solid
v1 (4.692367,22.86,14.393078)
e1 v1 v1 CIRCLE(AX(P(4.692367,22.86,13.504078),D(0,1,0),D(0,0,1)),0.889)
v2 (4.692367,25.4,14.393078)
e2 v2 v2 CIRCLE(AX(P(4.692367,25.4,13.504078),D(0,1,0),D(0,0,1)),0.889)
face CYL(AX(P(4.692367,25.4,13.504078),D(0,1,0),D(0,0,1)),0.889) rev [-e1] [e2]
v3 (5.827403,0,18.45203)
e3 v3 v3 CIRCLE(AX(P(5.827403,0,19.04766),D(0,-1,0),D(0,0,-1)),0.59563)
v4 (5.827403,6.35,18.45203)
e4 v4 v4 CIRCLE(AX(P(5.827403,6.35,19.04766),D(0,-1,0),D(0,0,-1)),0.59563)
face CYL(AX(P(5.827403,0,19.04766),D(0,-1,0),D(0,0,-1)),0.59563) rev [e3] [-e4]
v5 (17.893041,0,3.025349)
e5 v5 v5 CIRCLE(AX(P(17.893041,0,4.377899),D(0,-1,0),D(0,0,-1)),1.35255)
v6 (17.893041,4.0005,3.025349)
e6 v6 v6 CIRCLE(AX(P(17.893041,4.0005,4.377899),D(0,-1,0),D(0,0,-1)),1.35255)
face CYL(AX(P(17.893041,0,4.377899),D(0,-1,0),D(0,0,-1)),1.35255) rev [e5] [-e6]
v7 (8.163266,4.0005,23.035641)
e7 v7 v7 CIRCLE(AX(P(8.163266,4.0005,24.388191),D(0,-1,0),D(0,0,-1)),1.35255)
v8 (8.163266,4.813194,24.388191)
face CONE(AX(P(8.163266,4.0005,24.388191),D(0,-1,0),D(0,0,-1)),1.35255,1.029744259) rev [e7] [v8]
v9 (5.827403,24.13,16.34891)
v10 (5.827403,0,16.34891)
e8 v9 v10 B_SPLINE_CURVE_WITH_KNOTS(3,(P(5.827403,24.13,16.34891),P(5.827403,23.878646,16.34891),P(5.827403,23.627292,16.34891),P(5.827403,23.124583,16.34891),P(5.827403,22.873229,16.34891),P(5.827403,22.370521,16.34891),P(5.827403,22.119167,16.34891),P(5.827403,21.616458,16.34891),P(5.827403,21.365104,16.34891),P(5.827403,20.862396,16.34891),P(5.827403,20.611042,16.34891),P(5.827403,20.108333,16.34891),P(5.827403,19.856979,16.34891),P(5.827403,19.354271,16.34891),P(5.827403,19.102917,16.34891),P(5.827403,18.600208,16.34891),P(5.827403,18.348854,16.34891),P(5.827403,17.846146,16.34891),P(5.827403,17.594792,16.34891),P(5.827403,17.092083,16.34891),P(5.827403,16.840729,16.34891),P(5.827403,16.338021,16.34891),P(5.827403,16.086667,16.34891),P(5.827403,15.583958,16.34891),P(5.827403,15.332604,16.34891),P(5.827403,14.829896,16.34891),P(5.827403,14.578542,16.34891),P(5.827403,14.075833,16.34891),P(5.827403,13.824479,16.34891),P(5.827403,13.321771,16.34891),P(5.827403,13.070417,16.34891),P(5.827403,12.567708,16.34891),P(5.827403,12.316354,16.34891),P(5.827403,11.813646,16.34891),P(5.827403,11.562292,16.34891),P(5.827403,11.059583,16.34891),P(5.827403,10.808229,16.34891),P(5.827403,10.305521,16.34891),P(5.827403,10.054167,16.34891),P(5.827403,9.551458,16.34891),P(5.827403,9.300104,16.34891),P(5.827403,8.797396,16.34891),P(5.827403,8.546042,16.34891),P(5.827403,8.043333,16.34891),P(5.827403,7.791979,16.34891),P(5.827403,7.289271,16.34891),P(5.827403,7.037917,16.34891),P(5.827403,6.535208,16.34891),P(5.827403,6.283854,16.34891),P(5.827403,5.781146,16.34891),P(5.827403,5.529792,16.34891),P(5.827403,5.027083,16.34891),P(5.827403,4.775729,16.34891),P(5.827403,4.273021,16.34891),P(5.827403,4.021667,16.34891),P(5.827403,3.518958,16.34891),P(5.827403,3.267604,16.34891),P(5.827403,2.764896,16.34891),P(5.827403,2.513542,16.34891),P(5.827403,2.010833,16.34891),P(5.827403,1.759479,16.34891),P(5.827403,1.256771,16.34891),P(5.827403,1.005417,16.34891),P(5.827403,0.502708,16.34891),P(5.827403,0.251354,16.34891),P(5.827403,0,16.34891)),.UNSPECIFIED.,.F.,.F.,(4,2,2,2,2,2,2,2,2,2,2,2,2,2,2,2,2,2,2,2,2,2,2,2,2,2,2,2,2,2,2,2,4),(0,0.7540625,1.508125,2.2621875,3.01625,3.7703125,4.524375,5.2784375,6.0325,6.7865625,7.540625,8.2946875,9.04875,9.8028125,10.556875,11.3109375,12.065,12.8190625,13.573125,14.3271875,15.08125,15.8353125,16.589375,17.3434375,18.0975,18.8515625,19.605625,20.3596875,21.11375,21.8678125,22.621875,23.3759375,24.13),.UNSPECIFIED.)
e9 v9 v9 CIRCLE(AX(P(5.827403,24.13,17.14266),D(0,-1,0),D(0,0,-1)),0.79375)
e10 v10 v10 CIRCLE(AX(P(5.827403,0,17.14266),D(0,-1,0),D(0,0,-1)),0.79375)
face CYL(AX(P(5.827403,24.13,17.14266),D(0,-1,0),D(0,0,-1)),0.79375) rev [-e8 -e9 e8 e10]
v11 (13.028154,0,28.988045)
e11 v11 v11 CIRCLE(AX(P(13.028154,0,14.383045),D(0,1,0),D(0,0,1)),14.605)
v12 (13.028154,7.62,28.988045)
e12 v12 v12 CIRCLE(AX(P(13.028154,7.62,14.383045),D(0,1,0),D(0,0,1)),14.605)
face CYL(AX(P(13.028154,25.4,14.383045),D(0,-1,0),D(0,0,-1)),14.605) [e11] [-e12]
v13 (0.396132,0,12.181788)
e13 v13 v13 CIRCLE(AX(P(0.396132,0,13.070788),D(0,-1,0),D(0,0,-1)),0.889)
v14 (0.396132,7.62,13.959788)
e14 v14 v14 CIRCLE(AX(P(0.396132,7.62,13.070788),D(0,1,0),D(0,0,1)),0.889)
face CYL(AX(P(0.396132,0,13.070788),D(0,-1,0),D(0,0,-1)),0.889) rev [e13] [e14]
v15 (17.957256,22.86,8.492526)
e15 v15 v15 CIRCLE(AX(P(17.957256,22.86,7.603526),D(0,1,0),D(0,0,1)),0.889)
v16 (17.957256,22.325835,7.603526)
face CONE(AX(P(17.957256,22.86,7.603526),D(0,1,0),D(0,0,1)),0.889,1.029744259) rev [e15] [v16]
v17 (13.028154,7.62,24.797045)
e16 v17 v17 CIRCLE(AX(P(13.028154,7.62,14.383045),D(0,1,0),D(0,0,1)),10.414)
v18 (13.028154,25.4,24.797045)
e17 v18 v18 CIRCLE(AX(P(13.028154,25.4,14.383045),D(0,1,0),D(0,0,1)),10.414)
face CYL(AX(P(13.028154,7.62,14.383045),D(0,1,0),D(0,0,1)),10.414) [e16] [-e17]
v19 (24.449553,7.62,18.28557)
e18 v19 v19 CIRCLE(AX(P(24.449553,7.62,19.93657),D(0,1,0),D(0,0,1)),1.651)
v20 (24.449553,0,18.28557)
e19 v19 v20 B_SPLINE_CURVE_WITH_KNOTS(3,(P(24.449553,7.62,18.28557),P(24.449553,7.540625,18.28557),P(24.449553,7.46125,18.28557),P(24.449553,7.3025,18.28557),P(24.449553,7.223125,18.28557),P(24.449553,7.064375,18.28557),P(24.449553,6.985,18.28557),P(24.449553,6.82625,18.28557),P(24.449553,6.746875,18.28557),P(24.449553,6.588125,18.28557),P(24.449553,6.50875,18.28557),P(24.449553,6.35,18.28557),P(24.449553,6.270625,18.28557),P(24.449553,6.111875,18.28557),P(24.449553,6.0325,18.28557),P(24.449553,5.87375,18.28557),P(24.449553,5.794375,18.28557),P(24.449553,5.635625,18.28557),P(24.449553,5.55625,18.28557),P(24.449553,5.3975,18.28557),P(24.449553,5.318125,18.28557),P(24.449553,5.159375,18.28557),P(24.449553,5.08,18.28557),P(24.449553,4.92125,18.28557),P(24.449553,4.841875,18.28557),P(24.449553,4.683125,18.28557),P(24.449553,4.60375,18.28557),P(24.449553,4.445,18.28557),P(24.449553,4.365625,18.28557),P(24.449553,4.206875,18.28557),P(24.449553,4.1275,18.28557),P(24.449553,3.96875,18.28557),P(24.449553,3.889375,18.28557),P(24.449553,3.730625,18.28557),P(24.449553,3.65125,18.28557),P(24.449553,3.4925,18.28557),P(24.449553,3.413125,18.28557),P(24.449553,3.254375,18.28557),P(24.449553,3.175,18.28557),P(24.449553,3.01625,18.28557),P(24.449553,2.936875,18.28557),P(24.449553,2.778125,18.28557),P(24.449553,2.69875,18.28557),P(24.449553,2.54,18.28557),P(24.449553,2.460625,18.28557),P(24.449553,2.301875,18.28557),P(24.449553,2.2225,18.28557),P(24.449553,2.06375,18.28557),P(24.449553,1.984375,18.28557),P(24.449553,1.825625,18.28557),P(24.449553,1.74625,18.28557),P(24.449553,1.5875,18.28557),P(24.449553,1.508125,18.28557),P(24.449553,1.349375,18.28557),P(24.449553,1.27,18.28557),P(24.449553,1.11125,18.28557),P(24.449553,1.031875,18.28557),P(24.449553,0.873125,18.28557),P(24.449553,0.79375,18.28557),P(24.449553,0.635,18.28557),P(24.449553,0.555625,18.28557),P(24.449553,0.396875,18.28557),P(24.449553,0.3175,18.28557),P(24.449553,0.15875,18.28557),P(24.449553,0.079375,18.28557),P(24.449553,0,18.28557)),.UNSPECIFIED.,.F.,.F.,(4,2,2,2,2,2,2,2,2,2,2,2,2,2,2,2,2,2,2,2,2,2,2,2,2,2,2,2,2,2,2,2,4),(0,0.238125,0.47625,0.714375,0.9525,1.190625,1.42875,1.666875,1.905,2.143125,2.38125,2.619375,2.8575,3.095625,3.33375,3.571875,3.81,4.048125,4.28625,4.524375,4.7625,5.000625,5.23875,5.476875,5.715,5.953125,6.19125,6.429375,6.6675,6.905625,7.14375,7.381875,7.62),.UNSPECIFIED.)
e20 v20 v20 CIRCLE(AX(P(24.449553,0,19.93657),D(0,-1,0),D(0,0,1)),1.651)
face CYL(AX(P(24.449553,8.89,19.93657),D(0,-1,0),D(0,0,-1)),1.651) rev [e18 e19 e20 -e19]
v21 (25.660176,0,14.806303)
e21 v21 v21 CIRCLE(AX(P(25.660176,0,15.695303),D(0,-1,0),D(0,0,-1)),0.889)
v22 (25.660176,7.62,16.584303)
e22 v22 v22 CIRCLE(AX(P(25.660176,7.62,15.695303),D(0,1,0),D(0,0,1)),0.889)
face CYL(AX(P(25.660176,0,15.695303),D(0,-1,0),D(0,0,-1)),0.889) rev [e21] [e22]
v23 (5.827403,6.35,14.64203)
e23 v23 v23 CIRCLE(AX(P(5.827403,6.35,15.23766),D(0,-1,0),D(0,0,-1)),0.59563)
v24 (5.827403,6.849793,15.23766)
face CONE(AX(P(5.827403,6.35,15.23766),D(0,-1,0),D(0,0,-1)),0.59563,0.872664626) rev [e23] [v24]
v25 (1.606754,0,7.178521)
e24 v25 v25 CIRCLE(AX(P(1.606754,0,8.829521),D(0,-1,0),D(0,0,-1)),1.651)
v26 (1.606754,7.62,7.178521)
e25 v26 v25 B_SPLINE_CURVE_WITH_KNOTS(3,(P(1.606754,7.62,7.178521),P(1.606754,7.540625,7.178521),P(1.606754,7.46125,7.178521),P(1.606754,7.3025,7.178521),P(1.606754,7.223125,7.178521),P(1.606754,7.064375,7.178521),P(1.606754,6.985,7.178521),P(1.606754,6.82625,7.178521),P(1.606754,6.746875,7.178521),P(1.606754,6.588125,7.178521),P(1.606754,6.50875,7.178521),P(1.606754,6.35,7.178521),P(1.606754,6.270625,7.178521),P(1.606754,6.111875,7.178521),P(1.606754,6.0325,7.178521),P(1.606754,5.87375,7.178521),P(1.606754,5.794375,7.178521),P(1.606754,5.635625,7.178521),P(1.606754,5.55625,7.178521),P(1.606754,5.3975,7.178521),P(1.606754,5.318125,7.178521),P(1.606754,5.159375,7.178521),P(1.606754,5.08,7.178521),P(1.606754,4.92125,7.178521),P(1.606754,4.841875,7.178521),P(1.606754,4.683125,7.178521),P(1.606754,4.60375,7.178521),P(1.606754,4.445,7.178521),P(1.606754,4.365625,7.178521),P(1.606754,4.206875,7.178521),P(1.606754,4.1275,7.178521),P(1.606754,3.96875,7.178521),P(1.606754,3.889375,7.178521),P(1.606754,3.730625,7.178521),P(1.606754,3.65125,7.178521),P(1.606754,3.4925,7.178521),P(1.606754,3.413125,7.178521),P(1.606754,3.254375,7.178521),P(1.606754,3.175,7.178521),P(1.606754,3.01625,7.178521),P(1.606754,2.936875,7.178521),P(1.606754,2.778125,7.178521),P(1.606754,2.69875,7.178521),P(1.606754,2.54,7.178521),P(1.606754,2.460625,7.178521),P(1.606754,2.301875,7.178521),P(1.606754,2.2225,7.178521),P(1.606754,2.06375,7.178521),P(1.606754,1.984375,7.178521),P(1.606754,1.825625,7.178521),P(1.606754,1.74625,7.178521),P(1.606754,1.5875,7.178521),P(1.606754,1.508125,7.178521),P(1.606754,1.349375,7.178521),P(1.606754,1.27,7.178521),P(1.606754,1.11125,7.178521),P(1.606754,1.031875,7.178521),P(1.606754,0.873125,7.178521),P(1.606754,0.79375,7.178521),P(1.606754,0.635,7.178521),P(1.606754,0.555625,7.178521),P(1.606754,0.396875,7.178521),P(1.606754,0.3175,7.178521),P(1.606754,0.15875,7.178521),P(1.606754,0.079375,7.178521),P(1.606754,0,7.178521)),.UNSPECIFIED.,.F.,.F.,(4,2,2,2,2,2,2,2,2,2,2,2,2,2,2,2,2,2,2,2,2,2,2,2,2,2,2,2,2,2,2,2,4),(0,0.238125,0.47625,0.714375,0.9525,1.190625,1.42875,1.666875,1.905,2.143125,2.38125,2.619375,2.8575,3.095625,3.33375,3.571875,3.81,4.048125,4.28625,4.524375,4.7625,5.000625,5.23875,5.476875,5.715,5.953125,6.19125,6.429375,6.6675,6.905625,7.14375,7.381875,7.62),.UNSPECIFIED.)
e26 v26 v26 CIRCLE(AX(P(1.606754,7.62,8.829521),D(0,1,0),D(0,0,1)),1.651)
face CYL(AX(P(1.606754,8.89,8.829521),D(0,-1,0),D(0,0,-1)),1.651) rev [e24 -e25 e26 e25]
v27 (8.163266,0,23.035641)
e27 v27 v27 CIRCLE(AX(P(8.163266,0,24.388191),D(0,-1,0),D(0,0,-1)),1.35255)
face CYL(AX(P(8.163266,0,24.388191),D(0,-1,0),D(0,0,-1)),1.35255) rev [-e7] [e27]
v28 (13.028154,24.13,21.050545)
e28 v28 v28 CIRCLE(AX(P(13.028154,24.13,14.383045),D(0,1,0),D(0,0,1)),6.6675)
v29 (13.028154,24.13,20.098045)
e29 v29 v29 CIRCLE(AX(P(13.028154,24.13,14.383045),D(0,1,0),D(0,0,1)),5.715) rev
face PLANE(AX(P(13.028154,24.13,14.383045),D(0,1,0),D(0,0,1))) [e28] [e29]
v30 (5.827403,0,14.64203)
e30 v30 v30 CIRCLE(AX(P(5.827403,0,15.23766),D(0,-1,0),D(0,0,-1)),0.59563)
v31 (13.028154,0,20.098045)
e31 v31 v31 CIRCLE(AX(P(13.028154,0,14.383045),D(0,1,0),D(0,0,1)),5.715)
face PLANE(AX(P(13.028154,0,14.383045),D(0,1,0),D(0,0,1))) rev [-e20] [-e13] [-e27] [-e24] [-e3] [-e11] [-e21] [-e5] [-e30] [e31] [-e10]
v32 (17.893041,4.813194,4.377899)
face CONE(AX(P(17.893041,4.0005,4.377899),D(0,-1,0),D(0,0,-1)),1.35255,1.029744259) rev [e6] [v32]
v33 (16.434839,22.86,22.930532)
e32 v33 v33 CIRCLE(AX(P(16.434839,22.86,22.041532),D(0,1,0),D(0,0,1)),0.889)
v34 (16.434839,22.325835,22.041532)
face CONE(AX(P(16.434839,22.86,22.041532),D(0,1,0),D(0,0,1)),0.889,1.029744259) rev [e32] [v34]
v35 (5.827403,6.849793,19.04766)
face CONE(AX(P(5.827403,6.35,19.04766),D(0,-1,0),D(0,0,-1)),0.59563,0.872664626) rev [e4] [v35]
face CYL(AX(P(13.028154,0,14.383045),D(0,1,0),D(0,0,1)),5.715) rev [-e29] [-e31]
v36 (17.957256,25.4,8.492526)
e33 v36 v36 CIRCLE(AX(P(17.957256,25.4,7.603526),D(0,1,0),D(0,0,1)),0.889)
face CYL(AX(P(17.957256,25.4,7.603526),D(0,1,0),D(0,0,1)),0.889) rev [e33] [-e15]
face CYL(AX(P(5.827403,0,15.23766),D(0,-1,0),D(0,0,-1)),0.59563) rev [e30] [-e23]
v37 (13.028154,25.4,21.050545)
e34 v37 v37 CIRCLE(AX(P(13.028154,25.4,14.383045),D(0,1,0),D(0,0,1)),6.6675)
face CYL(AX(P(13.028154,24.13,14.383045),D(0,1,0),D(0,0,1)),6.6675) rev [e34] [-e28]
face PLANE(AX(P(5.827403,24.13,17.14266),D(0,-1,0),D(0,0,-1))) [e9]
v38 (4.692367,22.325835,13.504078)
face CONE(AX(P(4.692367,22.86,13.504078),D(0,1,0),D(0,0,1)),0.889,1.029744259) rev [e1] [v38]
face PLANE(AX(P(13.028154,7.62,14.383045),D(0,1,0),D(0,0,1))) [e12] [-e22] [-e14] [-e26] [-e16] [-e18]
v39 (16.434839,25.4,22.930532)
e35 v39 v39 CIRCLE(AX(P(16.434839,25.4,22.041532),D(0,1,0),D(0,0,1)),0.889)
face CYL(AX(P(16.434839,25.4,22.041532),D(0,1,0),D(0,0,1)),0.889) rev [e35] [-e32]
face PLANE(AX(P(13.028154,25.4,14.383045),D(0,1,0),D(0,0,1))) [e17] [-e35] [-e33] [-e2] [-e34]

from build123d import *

# Parameters (mm, degrees)
SKETCH1_R                     = 14.605
BOSS_EXTRUDE2_DEPTH           = 25.4
SKETCH10_R                    = 5.715
CUT_EXTRUDE5_DEPTH            = 48.424233935
SKETCH11_R                    = 6.6675
CUT_EXTRUDE6_DEPTH            = 1.27
SKETCH12_OUTSIDE_W            = 40.908
SKETCH12_OUTSIDE_H            = 40.908
SKETCH12_OUTSIDE_R            = 10.414
CUT_EXTRUDE7_DEPTH            = 17.78
CIRPATTERN1_COUNT             = 3
CIRPATTERN2_COUNT             = 2
SKETCH26_R                    = 1.651
CUT_EXTRUDE8_DEPTH            = 8.89
CIRPATTERN3_COUNT             = 2
SKETCH27_R                    = 0.79375
CUT_EXTRUDE9_DEPTH            = 24.13
TAP_DRILL_FOR_0_80_TAP3_D     = 1.19126
TAP_DRILL_FOR_0_80_TAP3_DEPTH = 6.35
TAP_DRILL_FOR_0_80_TAP3_TIP   = 0.499792913
TAP_DRILL_FOR_2_56_TAP1_D     = 1.778
CIRPATTERN4_COUNT             = 2


with BuildPart() as part:
    # Sketch1 → Boss-Extrude2 (new body)
    with BuildSketch(Plane(origin=(0, 0, 0), x_dir=(1, 0, 0), z_dir=(0, 1, 0))):
        with Locations(Location((13.028153923, -14.383045271, 0), (0, 0, 270))):
            Circle(SKETCH1_R)
    extrude(amount=BOSS_EXTRUDE2_DEPTH)

    # Sketch10 → Cut-Extrude5 (cut, through all)
    with BuildSketch(Plane(origin=(0, 25.4, 0), x_dir=(1, 0, 0), z_dir=(0, 1, 0))):
        with Locations(Location((13.028153923, -14.383045271, 0), (0, 0, 270))):
            Circle(SKETCH10_R)
    extrude(amount=-CUT_EXTRUDE5_DEPTH, mode=Mode.SUBTRACT)

    # Sketch11 → Cut-Extrude6 (cut)
    with BuildSketch(Plane(origin=(0, 25.4, 0), x_dir=(1, 0, 0), z_dir=(0, 1, 0))):
        with Locations(Location((13.028153923, -14.383045271, 0), (0, 0, 270))):
            Circle(SKETCH11_R)
    extrude(amount=-CUT_EXTRUDE6_DEPTH, mode=Mode.SUBTRACT)

    # Sketch12 outside → Cut-Extrude7 (cut)
    with BuildSketch(Plane(origin=(0, 25.4, 0), x_dir=(1, 0, 0), z_dir=(0, 1, 0))):
        with Locations((13.028, -14.383)):
            Rectangle(SKETCH12_OUTSIDE_W, SKETCH12_OUTSIDE_H)
        with Locations(Location((13.028153923, -14.383045271, 0), (0, 0, 270))):
            Circle(SKETCH12_OUTSIDE_R, mode=Mode.SUBTRACT)
    extrude(amount=-CUT_EXTRUDE7_DEPTH, mode=Mode.SUBTRACT)

    # Sketch17 → #50 (0.07) Diameter Hole1 (revolve, cut)
    with BuildSketch(Plane(origin=(4.692367215, 25.4, 13.504077717), x_dir=(0, 0, 1), z_dir=(1, 0, 0))):
        Polygon((0, 0), (0, 3.07416509), (0.889, 2.54), (0.889, 0), align=None)
    f_50_0_07_diameter_hole1 = revolve(axis=Axis((4.692367215, 31.75, 13.504077717), (0, -1, 0)), mode=Mode.SUBTRACT)

    # CirPattern1: #50 (0.07) Diameter Hole1 ×3 about axis
    cirpattern1_axis = Axis((13.028153923, 0, 14.383045271), (0, 1, 0))
    for i in range(1, CIRPATTERN1_COUNT):
        add(f_50_0_07_diameter_hole1.rotate(cirpattern1_axis, i * 360 / CIRPATTERN1_COUNT), mode=Mode.SUBTRACT)

    # Sketch24 → Tap Drill for #6-32 Tap1 (revolve, cut)
    with BuildSketch(Plane(origin=(8.163266455, 0, 24.388191195), x_dir=(0, 0, -1), z_dir=(1, 0, 0))):
        Polygon((0, 0), (0, 4.81319403), (1.35255, 4.0005), (1.35255, 0), align=None)
    tap_drill_for_6_32_tap1 = revolve(axis=Axis((8.163266455, -6.35, 24.388191195), (0, 1, 0)), mode=Mode.SUBTRACT)

    # CirPattern2: Tap Drill for #6-32 Tap1 ×2 about axis
    cirpattern2_axis = Axis((13.028153923, 0, 14.383045271), (0, 1, 0))
    for i in range(1, CIRPATTERN2_COUNT):
        add(tap_drill_for_6_32_tap1.rotate(cirpattern2_axis, i * 360 / CIRPATTERN2_COUNT), mode=Mode.SUBTRACT)

    # Sketch26 → Cut-Extrude8 (cut)
    with BuildSketch(Plane(origin=(0, 0, 0), x_dir=(-1, 0, 0), z_dir=(0, -1, 0))):
        with Locations(Location((-1.606754466, -8.829520764, 0), (0, 0, 90))):
            Circle(SKETCH26_R)
    cut_extrude8 = extrude(amount=-CUT_EXTRUDE8_DEPTH, mode=Mode.SUBTRACT)

    # CirPattern3: Cut-Extrude8 ×2 about axis
    cirpattern3_axis = Axis((13.028153923, 0, 14.383045271), (0, 1, 0))
    for i in range(1, CIRPATTERN3_COUNT):
        add(cut_extrude8.rotate(cirpattern3_axis, i * 360 / CIRPATTERN3_COUNT), mode=Mode.SUBTRACT)

    # Sketch27 → Cut-Extrude9 (cut)
    with BuildSketch(Plane(origin=(0, 0, 0), x_dir=(-1, 0, 0), z_dir=(0, -1, 0))):
        with Locations(Location((-5.827402564, -17.142659866, 0), (0, 0, 90))):
            Circle(SKETCH27_R)
    extrude(amount=-CUT_EXTRUDE9_DEPTH, mode=Mode.SUBTRACT)

    # Tap Drill for #0-80 Tap3
    with Locations(Plane(origin=(0, 0, 0), x_dir=(-1, 0, 0), z_dir=(0, -1, 0))):
        with Locations((-5.827402564, -15.237659866), (-5.827402564, -19.047659866)):
            Hole(TAP_DRILL_FOR_0_80_TAP3_D / 2, depth=TAP_DRILL_FOR_0_80_TAP3_DEPTH)
            with Locations((0, 0, -(TAP_DRILL_FOR_0_80_TAP3_DEPTH + TAP_DRILL_FOR_0_80_TAP3_TIP / 2))):  # 100° drill point
                Cone(0, TAP_DRILL_FOR_0_80_TAP3_D / 2, TAP_DRILL_FOR_0_80_TAP3_TIP, mode=Mode.SUBTRACT)

    # Tap Drill for #2-56 Tap1 (through all)
    with Locations(Plane(origin=(0.396131886, 0, 13.070787952), x_dir=(0, 0, -1), z_dir=(0, -1, 0))):
        with Locations((0, 0)):
            tap_drill_for_2_56_tap1 = Hole(TAP_DRILL_FOR_2_56_TAP1_D / 2)

    # CirPattern4: Tap Drill for #2-56 Tap1 ×2 about axis
    cirpattern4_axis = Axis((13.028153923, 0, 14.383045271), (0, 1, 0))
    for i in range(1, CIRPATTERN4_COUNT):
        add(tap_drill_for_2_56_tap1.rotate(cirpattern4_axis, i * 360 / CIRPATTERN4_COUNT), mode=Mode.SUBTRACT)


solid = part.part
